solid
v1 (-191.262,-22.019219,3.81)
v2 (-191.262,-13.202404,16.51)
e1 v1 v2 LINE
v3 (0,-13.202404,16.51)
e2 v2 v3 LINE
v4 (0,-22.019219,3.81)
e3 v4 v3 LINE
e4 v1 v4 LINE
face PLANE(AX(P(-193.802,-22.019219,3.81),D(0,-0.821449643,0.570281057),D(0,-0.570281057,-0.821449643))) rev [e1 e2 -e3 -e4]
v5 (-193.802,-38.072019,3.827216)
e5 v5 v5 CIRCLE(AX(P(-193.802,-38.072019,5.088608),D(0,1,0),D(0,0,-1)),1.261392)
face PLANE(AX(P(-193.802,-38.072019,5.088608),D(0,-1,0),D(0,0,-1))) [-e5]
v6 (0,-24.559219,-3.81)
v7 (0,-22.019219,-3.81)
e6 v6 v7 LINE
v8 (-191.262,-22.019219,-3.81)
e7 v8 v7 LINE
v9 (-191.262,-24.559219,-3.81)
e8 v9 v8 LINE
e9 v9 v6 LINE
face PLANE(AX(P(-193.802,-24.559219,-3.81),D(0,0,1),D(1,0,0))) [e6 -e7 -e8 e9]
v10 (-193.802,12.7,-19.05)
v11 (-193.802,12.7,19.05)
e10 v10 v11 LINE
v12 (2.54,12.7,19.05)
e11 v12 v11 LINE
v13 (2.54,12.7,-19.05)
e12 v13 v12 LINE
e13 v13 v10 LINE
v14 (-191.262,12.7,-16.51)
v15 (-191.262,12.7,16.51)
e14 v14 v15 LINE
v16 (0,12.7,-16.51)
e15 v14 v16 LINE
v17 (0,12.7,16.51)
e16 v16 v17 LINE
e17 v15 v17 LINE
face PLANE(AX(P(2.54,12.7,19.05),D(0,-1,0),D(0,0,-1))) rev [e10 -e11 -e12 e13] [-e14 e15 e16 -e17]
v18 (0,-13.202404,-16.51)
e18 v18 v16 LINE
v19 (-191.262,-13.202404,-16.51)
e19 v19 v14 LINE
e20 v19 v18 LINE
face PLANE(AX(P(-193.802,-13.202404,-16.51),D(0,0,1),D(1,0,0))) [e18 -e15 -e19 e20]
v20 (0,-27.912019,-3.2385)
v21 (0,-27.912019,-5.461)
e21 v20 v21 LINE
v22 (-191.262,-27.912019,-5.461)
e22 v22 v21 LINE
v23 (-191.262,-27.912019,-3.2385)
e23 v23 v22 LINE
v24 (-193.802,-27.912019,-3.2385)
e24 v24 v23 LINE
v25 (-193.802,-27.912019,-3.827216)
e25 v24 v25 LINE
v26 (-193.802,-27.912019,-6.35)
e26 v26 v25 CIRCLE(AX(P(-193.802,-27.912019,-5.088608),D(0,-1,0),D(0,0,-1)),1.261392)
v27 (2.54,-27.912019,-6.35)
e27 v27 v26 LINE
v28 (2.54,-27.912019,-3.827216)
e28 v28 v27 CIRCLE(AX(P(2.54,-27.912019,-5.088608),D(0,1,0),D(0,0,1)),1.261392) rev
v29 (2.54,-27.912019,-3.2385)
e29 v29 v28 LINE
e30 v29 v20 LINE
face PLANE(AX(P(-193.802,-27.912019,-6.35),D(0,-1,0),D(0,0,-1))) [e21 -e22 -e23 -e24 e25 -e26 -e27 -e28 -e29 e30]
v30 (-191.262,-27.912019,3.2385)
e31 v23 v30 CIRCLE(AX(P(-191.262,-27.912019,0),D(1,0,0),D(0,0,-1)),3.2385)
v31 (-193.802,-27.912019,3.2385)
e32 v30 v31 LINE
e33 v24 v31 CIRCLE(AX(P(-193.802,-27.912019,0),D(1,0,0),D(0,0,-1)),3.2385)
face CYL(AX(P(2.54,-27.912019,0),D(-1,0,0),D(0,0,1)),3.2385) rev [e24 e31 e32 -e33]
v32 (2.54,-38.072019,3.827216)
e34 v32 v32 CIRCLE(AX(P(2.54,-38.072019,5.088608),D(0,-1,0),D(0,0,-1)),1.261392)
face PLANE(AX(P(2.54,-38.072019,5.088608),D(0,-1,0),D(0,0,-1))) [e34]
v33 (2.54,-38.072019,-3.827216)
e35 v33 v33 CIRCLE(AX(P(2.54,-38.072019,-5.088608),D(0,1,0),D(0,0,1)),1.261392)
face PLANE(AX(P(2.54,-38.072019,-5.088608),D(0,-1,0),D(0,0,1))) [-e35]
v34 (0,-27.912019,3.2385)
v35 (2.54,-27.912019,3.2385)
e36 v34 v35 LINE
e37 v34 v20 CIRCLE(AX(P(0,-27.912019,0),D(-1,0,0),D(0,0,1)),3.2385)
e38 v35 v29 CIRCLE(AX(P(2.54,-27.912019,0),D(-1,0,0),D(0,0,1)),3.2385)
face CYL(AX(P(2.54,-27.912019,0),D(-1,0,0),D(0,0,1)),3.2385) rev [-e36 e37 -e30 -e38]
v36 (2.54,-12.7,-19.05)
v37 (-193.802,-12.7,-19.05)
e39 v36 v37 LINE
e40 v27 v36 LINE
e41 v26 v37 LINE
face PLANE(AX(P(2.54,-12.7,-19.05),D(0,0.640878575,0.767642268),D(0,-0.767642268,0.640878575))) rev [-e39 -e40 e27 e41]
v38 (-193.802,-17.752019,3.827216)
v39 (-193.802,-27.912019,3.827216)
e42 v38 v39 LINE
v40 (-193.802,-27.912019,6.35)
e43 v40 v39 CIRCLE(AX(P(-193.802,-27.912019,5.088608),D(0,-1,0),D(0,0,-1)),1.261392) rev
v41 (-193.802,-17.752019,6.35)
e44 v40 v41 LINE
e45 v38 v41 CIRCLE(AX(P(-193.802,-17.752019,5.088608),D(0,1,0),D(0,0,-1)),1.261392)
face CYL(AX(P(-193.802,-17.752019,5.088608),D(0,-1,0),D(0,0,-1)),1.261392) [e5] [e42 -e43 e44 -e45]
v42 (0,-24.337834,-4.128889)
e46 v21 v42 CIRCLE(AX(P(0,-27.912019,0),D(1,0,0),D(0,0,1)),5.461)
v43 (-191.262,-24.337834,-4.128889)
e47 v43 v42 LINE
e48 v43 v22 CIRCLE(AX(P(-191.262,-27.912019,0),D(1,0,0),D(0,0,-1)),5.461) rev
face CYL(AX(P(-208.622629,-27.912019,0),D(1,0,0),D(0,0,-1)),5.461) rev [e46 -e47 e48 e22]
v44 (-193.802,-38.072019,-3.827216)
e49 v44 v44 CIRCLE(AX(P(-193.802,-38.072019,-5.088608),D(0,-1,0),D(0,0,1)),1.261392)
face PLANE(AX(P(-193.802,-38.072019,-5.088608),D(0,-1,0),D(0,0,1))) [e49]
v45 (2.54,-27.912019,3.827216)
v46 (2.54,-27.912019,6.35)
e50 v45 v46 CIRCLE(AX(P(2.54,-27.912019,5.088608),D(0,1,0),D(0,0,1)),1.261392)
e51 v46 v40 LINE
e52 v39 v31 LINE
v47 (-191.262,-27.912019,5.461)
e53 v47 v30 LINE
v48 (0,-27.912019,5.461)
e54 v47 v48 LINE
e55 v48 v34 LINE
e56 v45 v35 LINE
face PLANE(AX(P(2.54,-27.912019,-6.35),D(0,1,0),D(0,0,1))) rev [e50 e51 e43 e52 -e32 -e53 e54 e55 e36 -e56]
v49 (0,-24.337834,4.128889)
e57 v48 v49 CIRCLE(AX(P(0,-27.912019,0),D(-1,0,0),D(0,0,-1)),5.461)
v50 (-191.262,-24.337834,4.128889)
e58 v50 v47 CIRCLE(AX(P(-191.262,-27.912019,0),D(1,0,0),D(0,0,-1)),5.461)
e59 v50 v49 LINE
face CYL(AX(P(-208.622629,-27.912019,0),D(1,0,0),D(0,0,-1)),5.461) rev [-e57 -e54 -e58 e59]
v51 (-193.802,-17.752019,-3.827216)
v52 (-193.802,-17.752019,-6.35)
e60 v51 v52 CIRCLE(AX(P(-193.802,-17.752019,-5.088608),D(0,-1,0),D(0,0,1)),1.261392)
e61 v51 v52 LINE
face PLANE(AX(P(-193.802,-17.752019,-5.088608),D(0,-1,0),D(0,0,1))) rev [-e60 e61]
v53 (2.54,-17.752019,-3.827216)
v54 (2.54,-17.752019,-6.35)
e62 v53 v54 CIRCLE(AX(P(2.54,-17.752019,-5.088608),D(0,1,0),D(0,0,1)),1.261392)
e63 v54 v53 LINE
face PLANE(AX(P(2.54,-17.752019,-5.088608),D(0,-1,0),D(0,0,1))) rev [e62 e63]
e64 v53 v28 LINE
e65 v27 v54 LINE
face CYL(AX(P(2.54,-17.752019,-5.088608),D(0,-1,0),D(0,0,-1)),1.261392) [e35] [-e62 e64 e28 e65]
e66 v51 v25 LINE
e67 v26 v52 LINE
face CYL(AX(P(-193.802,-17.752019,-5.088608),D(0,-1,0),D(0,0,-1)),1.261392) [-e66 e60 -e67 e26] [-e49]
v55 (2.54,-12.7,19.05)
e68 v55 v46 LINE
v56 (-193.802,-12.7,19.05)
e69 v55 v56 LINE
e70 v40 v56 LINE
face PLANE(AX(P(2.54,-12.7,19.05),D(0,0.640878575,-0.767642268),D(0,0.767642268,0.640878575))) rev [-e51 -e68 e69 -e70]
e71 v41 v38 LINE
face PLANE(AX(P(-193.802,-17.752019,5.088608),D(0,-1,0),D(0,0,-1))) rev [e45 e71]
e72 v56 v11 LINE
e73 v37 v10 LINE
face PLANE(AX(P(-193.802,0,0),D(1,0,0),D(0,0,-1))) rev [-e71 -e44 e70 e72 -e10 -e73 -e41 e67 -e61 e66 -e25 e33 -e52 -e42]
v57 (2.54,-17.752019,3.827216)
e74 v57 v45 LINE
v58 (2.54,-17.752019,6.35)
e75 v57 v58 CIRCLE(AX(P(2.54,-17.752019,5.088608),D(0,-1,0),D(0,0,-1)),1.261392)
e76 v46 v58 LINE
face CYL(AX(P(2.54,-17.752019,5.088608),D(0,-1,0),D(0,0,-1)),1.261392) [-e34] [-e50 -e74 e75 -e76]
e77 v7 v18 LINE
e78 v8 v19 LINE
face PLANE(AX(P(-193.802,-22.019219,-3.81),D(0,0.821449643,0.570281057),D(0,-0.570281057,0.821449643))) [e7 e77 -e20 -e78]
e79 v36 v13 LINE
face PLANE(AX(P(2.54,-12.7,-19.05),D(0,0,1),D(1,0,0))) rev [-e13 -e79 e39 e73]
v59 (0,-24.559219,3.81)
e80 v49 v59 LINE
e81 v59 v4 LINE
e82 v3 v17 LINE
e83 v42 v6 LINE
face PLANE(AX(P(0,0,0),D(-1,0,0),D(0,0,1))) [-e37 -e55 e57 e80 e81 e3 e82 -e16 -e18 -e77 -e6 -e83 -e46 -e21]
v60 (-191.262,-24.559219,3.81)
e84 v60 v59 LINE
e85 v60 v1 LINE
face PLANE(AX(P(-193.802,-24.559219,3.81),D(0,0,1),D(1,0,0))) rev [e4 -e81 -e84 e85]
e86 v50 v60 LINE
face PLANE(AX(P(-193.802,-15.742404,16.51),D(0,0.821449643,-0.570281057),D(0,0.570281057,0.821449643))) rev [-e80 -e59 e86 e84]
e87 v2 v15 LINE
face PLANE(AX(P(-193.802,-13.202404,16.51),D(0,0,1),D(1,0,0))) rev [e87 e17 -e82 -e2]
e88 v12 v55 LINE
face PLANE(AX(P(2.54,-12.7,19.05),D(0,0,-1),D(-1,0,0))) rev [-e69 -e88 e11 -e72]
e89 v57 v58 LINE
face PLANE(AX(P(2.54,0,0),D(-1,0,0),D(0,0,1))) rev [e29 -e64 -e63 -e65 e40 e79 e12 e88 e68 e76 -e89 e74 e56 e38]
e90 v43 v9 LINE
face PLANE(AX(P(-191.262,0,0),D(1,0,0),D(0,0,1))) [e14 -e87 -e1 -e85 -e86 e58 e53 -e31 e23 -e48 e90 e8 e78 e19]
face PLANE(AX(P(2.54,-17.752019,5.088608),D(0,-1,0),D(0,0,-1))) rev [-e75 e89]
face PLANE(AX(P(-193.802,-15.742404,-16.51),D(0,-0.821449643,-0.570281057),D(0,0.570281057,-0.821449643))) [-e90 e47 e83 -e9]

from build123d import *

# Parameters (mm, degrees)
BOSS_EXTRUDE1_DEPTH      = 2.54
BOSS_EXTRUDE2_DEPTH      = 196.342
CUT_EXTRUDE2_DEPTH       = 200.22892422
CUT_EXTRUDE2_DEPTH_BACK  = 200.22892422
SKETCH6_R                = 3.2385
SKETCH9_R                = 1.261392003
BOSS_EXTRUDE5_DEPTH      = 10.16
MIRROR11_COPY_1_SKETCH_R = 1.261392003
MIRROR11_COPY_1_DEPTH    = 10.16
BOSS_EXTRUDE6_DEPTH      = 191.262


with BuildPart() as part:
    # Sketch2 → Boss-Extrude1 (new body)
    with BuildSketch(Plane(origin=(0, 0, 0), x_dir=(0, 0, -1), z_dir=(1, 0, 0))):
        Polygon((-19.05, -12.7), (-6.35, -27.912018594), (6.35, -27.912018594), (19.05, -12.7), (19.05, 12.7), (-19.05, 12.7), align=None)
    boss_extrude1 = extrude(amount=BOSS_EXTRUDE1_DEPTH)

    # Sketch3 → Boss-Extrude2 (add)
    with BuildSketch(Plane(origin=(2.54, 0, 0), x_dir=(0, 0, -1), z_dir=(1, 0, 0))):
        Polygon((16.51, -13.202403719), (16.51, 12.7), (19.05, 12.7), (19.05, -12.7), (16.51, -15.742403719), (3.81, -24.559218594), (3.81, -22.019218594), align=None)
    boss_extrude2 = extrude(amount=-BOSS_EXTRUDE2_DEPTH)

    # Mirror1: Boss-Extrude2 across plane
    add(boss_extrude2.mirror(Plane.XY))

    # Mirror3: Boss-Extrude1 across plane
    add(boss_extrude1.mirror(Plane(origin=(-95.631, 0, 0), x_dir=(0, 0, 1), z_dir=(1, 0, 0))))

    # Sketch6 → Cut-Extrude2 (cut, two sides: drawn at the far end of the back side and taken through both)
    with BuildSketch(Plane.ZY.offset(193.802).offset(-CUT_EXTRUDE2_DEPTH_BACK)):
        with Locations((0, -27.912018594)):
            Circle(SKETCH6_R)
    extrude(amount=CUT_EXTRUDE2_DEPTH + CUT_EXTRUDE2_DEPTH_BACK, mode=Mode.SUBTRACT)

    # Sketch9 → Boss-Extrude5 (add, symmetric)
    with BuildSketch(Plane.XZ.offset(27.912018594)):
        with Locations(Location((2.54, 5.088607997, 0), (0, 0, 270))):
            Circle(SKETCH9_R)
    boss_extrude5 = extrude(amount=BOSS_EXTRUDE5_DEPTH, both=True)

    # Mirror10: Boss-Extrude5 across plane
    add(boss_extrude5.mirror(Plane(origin=(-95.631, 0, 0), x_dir=(0, 0, 1), z_dir=(1, 0, 0))))

    # Mirror11: Boss-Extrude5 across plane
    add(boss_extrude5.mirror(Plane.XY))

    # Mirror11 copy 1 sketch → Mirror11 copy 1 (add, symmetric)
    with BuildSketch(Plane(origin=(-191.262, -27.912018594, 0), x_dir=(-1, 0, 0), z_dir=(0, -1, 0))):
        with Locations(Location((2.54, 5.088607997, 0), (0, 0, 270))):
            Circle(MIRROR11_COPY_1_SKETCH_R)
    extrude(amount=MIRROR11_COPY_1_DEPTH, both=True)

    # Sketch10 → Boss-Extrude6 (add)
    with BuildSketch(Plane.ZY):
        with BuildLine():
            Line((-4.128889044, -24.337833896), (-16.51, -15.742403719))
            Line((-16.51, -15.742403719), (-6.35, -27.912018594))
            Line((-6.35, -27.912018594), (-5.461, -27.912018594))
            ThreePointArc((-5.461, -27.912018594), (-5.117146865, -26.004840322), (-4.128889044, -24.337833896))
        make_face()
    boss_extrude6 = extrude(amount=BOSS_EXTRUDE6_DEPTH)

    # Mirror12: Boss-Extrude6 across plane
    add(boss_extrude6.mirror(Plane.XY))


solid = part.part
